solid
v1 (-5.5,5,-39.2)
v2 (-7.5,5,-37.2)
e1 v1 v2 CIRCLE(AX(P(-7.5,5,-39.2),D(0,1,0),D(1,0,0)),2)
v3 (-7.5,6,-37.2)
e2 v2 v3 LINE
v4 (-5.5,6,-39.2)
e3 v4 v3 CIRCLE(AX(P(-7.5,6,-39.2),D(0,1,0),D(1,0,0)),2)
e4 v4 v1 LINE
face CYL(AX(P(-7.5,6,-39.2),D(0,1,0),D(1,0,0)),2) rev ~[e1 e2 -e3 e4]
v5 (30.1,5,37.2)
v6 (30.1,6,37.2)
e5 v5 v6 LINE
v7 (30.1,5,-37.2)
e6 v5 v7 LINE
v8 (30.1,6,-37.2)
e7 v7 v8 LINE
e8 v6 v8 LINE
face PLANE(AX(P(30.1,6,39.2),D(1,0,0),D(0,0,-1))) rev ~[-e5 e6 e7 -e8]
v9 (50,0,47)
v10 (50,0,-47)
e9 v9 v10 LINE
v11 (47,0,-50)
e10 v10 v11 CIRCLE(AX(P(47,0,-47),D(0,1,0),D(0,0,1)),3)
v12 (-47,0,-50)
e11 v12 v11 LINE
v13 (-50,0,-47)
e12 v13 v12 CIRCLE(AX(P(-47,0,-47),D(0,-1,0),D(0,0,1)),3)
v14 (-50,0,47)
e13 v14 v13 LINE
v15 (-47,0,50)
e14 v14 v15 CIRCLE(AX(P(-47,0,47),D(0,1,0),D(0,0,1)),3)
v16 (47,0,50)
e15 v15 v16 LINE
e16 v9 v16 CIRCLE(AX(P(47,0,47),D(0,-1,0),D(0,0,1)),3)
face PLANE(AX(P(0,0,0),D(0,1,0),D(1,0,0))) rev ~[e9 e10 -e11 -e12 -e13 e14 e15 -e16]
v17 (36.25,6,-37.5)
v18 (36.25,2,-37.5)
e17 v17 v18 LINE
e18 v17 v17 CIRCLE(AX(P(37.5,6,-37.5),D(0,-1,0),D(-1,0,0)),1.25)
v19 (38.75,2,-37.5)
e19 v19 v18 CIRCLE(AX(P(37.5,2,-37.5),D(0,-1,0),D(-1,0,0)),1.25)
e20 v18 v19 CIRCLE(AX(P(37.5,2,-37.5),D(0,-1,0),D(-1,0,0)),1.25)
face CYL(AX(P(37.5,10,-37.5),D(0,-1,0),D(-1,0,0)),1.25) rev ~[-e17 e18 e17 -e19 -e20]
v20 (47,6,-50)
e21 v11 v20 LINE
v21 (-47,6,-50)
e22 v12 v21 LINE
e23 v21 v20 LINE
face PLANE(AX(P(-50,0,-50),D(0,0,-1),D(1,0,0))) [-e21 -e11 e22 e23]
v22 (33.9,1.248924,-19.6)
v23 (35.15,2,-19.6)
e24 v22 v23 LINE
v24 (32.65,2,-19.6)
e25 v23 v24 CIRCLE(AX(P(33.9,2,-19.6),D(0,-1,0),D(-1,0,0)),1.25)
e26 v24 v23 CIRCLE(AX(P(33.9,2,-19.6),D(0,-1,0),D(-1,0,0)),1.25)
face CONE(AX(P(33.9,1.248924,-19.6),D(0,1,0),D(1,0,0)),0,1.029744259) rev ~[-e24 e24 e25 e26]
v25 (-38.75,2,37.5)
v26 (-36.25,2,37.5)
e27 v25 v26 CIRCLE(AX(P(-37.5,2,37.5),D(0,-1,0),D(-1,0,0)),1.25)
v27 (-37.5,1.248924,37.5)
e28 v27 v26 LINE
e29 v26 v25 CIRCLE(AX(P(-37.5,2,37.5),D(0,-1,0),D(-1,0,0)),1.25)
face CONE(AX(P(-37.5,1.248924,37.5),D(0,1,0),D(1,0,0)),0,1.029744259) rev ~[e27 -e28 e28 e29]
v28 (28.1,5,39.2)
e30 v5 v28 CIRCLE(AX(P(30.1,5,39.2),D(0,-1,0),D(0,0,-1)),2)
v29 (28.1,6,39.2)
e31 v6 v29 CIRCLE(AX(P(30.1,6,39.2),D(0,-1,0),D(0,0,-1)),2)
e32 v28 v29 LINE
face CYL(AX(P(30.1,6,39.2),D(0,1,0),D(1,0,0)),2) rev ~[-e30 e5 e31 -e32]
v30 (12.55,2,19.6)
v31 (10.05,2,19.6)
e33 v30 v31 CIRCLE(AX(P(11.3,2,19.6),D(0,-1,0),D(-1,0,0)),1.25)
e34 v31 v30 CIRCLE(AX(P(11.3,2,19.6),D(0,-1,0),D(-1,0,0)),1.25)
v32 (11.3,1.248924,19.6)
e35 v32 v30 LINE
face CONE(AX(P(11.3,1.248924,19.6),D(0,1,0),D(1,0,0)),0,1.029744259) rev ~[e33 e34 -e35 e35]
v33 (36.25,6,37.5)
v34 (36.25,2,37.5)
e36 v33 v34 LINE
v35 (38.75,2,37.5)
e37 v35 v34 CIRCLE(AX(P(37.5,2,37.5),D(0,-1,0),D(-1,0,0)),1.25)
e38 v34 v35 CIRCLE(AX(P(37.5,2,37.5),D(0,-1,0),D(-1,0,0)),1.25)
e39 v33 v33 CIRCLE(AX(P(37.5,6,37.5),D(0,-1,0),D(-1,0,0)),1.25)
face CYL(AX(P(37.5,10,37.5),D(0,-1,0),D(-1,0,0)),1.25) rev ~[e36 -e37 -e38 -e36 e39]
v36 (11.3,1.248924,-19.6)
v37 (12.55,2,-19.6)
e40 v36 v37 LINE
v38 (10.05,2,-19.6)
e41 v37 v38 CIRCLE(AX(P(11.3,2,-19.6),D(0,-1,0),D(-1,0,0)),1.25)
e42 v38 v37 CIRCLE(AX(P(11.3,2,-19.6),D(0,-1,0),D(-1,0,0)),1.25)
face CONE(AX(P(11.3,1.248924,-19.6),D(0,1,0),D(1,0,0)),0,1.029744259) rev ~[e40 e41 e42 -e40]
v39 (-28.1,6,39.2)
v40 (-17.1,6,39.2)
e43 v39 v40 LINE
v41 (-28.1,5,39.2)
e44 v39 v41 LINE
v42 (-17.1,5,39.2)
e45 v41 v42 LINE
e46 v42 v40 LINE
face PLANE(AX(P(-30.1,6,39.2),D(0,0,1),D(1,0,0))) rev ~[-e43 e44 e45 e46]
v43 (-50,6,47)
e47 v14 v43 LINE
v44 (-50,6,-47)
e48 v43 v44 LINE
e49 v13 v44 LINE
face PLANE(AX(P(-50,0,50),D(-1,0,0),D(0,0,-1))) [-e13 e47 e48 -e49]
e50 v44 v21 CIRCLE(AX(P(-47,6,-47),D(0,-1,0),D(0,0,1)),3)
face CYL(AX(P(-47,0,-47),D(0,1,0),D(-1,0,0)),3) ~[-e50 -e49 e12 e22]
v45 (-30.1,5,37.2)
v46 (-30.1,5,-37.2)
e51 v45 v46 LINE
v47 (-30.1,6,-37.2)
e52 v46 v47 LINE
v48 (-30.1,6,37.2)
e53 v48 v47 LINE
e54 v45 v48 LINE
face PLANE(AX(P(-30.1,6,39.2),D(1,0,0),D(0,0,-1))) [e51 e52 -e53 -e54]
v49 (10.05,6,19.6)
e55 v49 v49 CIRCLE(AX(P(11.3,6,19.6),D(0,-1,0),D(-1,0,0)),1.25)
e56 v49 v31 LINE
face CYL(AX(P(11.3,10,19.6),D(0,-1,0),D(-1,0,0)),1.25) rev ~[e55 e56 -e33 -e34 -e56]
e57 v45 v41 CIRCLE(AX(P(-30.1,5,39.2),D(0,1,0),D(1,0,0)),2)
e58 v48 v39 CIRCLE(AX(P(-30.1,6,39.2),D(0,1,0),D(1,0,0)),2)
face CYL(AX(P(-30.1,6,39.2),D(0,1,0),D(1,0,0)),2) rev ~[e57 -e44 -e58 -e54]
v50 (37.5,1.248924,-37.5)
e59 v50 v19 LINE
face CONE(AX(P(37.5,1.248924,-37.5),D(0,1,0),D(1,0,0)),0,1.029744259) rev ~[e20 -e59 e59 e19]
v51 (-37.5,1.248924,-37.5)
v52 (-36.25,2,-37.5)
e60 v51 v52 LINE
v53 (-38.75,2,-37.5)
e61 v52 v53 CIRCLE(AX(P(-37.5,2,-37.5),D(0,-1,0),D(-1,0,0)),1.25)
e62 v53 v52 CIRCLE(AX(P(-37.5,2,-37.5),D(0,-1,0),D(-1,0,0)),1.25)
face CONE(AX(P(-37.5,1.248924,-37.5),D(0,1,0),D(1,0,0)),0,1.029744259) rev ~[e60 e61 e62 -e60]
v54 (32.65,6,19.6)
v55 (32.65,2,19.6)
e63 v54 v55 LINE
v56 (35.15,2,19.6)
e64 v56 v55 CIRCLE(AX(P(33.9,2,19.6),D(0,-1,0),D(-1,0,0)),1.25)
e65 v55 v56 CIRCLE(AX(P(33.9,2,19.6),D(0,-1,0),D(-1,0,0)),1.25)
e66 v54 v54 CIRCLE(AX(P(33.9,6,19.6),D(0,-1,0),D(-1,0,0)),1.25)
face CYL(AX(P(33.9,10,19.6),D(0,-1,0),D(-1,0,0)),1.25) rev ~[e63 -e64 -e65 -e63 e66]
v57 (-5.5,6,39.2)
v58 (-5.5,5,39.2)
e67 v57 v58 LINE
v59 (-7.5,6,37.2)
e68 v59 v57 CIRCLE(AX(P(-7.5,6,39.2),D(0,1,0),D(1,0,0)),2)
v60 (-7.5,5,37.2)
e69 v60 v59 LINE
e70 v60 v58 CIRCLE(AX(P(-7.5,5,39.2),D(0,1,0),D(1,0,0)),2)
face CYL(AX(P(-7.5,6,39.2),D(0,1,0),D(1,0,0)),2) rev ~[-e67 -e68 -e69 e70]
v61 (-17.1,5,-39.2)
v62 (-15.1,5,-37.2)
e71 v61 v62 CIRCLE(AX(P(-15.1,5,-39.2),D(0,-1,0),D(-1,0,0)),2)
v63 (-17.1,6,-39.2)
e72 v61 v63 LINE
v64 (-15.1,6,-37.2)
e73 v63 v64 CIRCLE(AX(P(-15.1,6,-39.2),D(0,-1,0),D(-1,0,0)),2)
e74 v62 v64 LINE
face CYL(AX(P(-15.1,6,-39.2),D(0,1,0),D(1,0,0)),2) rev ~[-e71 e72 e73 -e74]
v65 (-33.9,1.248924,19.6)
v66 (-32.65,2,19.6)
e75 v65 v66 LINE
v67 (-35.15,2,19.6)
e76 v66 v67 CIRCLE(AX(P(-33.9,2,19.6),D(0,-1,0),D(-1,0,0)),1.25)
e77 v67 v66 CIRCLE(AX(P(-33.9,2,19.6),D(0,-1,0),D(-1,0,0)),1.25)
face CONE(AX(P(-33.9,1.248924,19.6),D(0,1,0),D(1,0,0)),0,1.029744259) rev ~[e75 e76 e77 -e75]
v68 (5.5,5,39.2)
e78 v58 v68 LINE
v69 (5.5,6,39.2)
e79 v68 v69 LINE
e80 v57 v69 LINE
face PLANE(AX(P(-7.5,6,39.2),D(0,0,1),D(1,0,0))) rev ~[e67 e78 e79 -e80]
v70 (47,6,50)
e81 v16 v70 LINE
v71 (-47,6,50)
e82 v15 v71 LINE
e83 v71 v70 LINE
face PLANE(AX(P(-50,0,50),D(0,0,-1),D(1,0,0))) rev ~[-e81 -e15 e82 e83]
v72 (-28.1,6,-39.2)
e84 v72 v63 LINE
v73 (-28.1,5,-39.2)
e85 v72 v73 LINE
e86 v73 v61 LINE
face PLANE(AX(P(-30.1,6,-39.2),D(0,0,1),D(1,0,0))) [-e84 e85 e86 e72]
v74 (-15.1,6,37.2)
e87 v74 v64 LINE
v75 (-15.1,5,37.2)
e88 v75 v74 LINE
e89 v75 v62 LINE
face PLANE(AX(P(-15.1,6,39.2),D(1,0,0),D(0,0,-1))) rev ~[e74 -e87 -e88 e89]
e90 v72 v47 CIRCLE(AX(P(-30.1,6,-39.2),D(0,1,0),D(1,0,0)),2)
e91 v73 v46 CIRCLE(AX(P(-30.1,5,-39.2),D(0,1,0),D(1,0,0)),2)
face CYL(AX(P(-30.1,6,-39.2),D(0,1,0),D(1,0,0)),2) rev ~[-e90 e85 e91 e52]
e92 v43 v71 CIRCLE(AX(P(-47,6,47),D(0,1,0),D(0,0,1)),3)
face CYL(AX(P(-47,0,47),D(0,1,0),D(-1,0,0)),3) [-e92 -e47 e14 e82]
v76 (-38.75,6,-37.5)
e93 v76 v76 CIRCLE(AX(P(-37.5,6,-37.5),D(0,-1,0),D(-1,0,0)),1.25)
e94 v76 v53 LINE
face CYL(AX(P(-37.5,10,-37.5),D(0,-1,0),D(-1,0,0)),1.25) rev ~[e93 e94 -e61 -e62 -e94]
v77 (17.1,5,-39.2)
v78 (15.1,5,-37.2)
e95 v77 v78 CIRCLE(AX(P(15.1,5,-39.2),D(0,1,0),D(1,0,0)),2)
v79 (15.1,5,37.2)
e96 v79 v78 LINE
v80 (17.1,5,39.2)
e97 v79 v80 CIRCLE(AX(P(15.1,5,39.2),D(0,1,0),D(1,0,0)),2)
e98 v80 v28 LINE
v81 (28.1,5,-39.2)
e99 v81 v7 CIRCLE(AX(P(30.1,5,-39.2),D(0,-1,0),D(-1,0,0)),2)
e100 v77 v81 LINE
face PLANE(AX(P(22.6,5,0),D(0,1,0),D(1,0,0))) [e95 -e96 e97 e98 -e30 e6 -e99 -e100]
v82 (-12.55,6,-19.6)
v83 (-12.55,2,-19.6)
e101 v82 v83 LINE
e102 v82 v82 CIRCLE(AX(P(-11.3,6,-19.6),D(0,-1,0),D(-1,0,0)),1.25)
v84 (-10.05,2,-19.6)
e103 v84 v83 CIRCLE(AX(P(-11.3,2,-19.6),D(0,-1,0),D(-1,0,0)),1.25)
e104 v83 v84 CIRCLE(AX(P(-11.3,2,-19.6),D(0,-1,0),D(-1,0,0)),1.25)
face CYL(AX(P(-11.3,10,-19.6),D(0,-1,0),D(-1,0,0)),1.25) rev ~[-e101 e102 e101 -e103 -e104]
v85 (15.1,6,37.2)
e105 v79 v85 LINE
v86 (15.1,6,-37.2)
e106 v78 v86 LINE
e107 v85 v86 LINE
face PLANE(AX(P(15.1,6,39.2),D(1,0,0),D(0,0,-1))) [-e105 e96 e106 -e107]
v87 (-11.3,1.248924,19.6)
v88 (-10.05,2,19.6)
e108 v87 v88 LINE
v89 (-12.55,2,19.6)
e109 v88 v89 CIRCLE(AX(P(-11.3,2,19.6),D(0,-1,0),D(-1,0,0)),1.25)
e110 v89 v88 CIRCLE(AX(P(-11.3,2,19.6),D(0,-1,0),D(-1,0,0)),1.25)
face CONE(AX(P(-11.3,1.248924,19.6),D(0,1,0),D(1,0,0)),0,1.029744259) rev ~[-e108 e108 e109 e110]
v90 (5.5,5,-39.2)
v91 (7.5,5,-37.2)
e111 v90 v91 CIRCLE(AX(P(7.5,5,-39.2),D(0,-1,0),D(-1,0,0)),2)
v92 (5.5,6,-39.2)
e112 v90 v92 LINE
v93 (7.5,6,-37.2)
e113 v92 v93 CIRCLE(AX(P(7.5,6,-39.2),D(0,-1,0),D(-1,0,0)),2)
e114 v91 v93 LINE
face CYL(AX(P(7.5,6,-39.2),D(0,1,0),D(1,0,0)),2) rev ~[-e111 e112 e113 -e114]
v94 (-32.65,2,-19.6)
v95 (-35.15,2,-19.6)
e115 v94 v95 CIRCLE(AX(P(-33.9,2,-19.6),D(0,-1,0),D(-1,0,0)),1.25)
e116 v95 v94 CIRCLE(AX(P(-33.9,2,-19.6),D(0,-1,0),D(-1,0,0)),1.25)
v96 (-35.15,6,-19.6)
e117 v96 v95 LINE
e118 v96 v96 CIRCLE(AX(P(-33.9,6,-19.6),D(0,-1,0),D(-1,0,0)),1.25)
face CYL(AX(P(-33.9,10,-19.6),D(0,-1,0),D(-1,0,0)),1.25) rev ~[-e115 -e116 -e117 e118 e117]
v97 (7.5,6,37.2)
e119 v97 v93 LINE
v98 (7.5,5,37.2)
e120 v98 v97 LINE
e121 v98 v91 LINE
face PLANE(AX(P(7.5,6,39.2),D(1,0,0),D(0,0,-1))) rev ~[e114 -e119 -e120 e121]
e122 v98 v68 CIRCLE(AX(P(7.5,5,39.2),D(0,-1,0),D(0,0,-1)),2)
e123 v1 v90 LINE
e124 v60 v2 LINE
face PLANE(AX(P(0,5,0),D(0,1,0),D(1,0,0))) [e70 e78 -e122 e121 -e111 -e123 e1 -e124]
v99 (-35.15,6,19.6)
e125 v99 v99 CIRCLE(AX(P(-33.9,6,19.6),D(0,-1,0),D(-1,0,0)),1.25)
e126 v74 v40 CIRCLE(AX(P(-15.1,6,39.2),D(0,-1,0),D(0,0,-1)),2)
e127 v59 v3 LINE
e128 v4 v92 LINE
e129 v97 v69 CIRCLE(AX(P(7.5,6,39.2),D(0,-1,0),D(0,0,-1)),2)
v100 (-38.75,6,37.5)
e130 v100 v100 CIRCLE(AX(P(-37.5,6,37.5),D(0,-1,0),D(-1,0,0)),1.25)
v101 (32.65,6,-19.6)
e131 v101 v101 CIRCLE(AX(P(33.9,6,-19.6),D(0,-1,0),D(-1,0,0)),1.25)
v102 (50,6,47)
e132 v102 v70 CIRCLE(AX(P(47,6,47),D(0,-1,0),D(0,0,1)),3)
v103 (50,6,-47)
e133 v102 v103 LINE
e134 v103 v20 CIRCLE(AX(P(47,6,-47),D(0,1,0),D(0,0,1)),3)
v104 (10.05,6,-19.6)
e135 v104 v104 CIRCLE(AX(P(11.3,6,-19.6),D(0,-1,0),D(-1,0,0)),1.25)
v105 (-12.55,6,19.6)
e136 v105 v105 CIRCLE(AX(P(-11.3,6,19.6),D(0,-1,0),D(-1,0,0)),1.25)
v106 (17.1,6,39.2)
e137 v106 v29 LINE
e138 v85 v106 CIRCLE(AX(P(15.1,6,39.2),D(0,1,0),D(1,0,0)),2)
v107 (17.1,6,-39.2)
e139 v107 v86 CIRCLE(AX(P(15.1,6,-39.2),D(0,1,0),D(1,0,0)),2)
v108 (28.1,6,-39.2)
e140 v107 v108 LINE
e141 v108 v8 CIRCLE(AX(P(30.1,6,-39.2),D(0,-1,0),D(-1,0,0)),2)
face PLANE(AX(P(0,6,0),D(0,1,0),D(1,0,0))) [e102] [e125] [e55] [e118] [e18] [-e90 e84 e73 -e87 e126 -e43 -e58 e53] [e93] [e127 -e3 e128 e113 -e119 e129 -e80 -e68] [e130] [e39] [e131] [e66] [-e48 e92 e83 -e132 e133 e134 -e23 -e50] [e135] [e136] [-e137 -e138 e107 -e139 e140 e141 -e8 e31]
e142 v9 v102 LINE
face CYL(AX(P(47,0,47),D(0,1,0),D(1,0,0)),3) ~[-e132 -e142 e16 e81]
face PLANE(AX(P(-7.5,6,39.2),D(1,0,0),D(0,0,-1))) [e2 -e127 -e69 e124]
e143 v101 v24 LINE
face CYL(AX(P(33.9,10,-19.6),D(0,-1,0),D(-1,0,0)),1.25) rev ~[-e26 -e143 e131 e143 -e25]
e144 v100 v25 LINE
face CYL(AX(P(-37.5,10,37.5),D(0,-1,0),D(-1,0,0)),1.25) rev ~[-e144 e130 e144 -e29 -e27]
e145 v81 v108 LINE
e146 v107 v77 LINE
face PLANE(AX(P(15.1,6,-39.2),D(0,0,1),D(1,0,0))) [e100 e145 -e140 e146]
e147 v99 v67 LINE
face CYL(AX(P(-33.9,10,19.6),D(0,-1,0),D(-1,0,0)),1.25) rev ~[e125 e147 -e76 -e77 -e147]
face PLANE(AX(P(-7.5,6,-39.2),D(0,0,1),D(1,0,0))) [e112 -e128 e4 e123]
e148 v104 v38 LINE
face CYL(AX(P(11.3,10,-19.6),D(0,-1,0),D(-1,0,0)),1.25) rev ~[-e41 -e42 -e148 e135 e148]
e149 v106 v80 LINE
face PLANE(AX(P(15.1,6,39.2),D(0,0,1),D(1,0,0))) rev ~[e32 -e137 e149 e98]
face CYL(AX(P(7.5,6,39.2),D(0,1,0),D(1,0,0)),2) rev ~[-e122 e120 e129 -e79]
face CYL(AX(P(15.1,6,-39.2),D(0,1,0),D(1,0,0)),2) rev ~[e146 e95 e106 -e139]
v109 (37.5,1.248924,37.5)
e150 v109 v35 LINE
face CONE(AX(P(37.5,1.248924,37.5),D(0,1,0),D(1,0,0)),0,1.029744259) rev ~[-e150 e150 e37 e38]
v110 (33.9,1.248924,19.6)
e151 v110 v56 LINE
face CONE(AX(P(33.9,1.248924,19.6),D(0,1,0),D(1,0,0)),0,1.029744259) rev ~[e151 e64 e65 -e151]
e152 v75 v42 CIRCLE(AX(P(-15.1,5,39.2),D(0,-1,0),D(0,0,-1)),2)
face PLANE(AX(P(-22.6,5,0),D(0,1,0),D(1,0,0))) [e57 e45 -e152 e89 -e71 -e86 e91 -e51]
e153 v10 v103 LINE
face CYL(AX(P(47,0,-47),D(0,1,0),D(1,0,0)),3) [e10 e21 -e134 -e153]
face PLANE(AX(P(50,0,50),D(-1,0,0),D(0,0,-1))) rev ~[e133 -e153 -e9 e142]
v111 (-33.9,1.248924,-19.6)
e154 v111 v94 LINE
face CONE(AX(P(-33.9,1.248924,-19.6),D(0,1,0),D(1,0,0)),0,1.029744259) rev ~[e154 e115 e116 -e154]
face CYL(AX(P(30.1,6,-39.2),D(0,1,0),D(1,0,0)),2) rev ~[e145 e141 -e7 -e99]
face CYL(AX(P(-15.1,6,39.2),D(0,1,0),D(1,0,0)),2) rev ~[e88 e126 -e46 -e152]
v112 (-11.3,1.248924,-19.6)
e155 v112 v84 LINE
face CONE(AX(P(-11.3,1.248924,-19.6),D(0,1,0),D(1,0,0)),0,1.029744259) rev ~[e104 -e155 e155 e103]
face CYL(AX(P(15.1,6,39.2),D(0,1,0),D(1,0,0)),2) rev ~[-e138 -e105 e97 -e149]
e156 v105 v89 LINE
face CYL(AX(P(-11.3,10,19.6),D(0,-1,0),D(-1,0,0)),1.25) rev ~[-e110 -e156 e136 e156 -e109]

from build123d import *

# Parameters (mm, degrees)
SKETCH1_W             = 100
SKETCH1_H             = 100
BOSS_EXTRUDE1_DEPTH   = 6
SKETCH2_W             = 15
SKETCH2_H             = 78.4
CUT_EXTRUDE1_DEPTH    = 1
M3_TAPPED_HOLE1_D     = 2.5
M3_TAPPED_HOLE1_DEPTH = 4
M3_TAPPED_HOLE1_TIP   = 0.751075774
SKETCH11_R            = 2
CUT_EXTRUDE3_DEPTH    = 1
FILLET2_R             = 3


with BuildPart() as part:
    # Sketch1 → Boss-Extrude1 (new body)
    with BuildSketch(Plane(origin=(0, 0, 0), x_dir=(1, 0, 0), z_dir=(0, 1, 0))):
        Rectangle(SKETCH1_W, SKETCH1_H)
    extrude(amount=BOSS_EXTRUDE1_DEPTH)

    # Sketch2 → Cut-Extrude1 (cut)
    with BuildSketch(Plane(origin=(0, 6, 0), x_dir=(1, 0, 0), z_dir=(0, 1, 0))):
        with Locations((-22.6, 0)):
            Rectangle(SKETCH2_W, SKETCH2_H)
        Rectangle(SKETCH2_W, SKETCH2_H)
        with Locations((22.6, 0)):
            Rectangle(SKETCH2_W, SKETCH2_H)
    extrude(amount=-CUT_EXTRUDE1_DEPTH, mode=Mode.SUBTRACT)

    # M3 Tapped Hole1
    with Locations(Plane(origin=(0, 6, 0), x_dir=(1, 0, 0), z_dir=(0, 1, 0))):
        with Locations((11.3, 19.6), (-33.9, 19.6), (33.9, 19.6), (-37.5, 37.5), (37.5, 37.5), (37.5, -37.5), (-37.5, -37.5), (-33.9, -19.6), (-11.3, -19.6), (11.3, -19.6), (33.9, -19.6), (-11.3, 19.6)):
            Hole(M3_TAPPED_HOLE1_D / 2, depth=M3_TAPPED_HOLE1_DEPTH)
            with Locations((0, 0, -(M3_TAPPED_HOLE1_DEPTH + M3_TAPPED_HOLE1_TIP / 2))):  # 118° drill point
                Cone(0, M3_TAPPED_HOLE1_D / 2, M3_TAPPED_HOLE1_TIP, mode=Mode.SUBTRACT)

    # Sketch11 → Cut-Extrude3 (cut)
    with BuildSketch(Plane(origin=(0, 6, 0), x_dir=(1, 0, 0), z_dir=(0, 1, 0))):
        with Locations((-30.1, 39.2)):
            Circle(SKETCH11_R)
        with Locations((-30.1, -39.2)):
            Circle(SKETCH11_R)
        with Locations((-15.1, -39.2)):
            Circle(SKETCH11_R)
        with Locations((-7.5, -39.2)):
            Circle(SKETCH11_R)
        with Locations((7.5, -39.2)):
            Circle(SKETCH11_R)
        with Locations((15.1, -39.2)):
            Circle(SKETCH11_R)
        with Locations((30.1, -39.2)):
            Circle(SKETCH11_R)
        with Locations((30.1, 39.2)):
            Circle(SKETCH11_R)
        with Locations((7.5, 39.2)):
            Circle(SKETCH11_R)
        with Locations((15.1, 39.2)):
            Circle(SKETCH11_R)
        with Locations((-7.5, 39.2)):
            Circle(SKETCH11_R)
        with Locations((-15.1, 39.2)):
            Circle(SKETCH11_R)
    extrude(amount=-CUT_EXTRUDE3_DEPTH, mode=Mode.SUBTRACT)

    # Fillet2
    fillet2_edges = [part.edges().sort_by_distance(p)[0] for p in [
        (50, 3, 50),
        (-50, 3, 50),
        (-50, 3, -50),
        (50, 3, -50),
    ]]
    fillet(fillet2_edges, radius=FILLET2_R)


solid = part.part
